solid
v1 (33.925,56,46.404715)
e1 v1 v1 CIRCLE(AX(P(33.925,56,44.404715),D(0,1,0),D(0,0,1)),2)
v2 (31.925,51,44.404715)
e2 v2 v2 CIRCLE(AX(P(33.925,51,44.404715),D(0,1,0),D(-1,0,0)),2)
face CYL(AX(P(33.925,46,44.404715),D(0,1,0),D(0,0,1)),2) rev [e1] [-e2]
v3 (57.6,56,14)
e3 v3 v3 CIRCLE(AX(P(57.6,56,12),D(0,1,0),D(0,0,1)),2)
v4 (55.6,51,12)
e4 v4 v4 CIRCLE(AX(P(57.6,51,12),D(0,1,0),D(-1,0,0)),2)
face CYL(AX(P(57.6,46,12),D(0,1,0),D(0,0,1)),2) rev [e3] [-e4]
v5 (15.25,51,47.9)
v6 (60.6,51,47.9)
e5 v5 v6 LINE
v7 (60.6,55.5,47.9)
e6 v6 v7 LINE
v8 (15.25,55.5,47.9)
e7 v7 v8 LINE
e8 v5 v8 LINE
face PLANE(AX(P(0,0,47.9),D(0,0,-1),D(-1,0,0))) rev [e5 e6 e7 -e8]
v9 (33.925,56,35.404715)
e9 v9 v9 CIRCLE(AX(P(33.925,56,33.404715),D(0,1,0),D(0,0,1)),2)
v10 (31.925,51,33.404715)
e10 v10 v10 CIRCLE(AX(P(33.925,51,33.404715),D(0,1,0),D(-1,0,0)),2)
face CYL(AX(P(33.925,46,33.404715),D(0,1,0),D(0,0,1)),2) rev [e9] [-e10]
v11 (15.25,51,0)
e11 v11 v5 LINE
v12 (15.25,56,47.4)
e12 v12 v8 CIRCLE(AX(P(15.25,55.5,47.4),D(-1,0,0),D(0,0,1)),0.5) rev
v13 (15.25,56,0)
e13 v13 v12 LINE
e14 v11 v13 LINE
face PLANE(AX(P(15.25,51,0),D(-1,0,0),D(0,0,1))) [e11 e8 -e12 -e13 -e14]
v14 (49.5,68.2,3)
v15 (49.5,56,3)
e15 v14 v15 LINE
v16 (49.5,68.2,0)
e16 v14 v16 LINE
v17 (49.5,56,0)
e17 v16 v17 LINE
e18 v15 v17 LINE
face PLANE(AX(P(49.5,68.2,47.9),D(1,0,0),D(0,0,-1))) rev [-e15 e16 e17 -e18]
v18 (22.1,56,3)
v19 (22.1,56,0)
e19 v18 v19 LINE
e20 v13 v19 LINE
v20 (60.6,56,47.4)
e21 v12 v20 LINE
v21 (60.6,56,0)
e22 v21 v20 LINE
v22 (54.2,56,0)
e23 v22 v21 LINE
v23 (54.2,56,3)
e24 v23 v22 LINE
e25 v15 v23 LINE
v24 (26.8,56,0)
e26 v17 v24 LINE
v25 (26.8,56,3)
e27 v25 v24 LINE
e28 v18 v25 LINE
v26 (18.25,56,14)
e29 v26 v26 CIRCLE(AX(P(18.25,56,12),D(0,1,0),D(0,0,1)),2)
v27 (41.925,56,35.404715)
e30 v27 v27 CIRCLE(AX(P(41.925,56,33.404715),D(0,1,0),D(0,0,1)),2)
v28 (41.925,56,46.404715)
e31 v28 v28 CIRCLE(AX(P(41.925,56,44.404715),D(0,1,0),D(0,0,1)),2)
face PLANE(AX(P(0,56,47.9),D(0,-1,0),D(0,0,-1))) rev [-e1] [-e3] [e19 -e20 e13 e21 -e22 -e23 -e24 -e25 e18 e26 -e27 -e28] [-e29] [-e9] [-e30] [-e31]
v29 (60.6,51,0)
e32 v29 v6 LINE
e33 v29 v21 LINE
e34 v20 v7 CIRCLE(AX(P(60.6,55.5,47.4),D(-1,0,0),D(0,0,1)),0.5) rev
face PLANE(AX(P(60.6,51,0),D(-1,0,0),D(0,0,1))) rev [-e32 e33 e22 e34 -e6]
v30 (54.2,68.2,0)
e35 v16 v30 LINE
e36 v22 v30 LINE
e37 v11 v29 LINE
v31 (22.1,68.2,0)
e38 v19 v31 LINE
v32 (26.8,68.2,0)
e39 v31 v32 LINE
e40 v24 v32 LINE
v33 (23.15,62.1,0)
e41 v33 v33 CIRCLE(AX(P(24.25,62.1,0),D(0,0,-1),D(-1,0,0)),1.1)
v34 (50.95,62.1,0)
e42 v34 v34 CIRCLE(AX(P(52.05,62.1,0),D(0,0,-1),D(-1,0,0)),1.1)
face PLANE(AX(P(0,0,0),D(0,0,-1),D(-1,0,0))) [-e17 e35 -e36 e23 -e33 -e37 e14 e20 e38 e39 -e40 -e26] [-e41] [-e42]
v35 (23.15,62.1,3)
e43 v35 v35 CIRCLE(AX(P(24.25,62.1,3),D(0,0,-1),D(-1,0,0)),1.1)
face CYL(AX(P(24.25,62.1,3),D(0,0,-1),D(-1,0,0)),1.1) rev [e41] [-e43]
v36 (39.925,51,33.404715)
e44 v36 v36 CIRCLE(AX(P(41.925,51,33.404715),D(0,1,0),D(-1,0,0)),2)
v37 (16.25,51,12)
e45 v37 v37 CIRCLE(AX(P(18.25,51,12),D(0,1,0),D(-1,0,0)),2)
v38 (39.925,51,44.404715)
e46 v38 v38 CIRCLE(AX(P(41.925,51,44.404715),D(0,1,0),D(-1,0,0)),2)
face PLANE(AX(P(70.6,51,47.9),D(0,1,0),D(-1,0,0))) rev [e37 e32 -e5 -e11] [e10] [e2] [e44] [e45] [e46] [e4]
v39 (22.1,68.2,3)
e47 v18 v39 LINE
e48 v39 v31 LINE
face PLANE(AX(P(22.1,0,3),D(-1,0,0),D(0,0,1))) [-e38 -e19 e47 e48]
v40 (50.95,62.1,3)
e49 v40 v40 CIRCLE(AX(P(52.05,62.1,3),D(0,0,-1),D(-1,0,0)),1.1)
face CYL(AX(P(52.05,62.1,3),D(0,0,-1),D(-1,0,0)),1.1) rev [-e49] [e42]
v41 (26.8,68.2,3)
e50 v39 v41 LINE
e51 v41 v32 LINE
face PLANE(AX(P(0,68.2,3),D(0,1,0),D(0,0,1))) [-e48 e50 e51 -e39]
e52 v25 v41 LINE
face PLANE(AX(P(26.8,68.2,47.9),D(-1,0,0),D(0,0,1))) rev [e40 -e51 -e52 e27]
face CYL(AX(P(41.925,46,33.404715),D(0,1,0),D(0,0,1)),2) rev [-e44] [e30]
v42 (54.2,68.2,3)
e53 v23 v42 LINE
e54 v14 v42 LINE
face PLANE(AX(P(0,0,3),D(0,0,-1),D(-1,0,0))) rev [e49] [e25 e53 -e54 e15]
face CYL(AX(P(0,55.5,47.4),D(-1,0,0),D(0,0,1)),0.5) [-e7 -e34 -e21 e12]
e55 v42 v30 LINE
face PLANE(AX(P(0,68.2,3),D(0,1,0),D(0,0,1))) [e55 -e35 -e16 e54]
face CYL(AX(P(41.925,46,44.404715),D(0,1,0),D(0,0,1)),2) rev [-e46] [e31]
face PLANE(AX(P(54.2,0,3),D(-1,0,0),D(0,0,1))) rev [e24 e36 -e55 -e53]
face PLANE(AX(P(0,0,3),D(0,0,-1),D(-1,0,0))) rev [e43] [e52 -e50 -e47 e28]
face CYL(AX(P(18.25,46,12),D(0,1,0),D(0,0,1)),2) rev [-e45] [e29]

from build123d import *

# Parameters (mm, degrees)
BOSS_EXTRUDE1_DEPTH = 47.9
SKETCH4_W           = 91.495453484
SKETCH4_H           = 57.017695921
CUT_EXTRUDE3_DEPTH  = 20
BOSS_EXTRUDE2_DEPTH = 3
FILLET1_R           = 0.5
SKETCH7_W           = 5
SKETCH7_H           = 47.9
CUT_EXTRUDE4_DEPTH  = 31
SKETCH8_W           = 14.75
SKETCH8_H           = 46.9
SKETCH8_W_2         = 14.5
CUT_EXTRUDE6_DEPTH  = 90.636878571
SKETCH9_W           = 45.35
SKETCH9_H           = 26.396021741
CUT_EXTRUDE7_DEPTH  = 3
BOSS_EXTRUDE3_DEPTH = 3
SKETCH12_W          = 22.7
SKETCH12_H          = 12.2
CUT_EXTRUDE8_DEPTH  = 104.043728582
SKETCH13_W          = 45.35
SKETCH13_H          = 5
BOSS_EXTRUDE4_DEPTH = 3
SKETCH16_R          = 2
CUT_EXTRUDE9_DEPTH  = 10
SKETCH18_R          = 2
CUT_EXTRUDE10_DEPTH = 10


with BuildPart() as part:
    # Sketch1 → Boss-Extrude1 (new body)
    with BuildSketch(Plane.XY):
        Polygon((0, 0), (0, 56), (75.6, 56), (75.6, 0), (70.6, 0), (70.6, 51), (5, 51), (5, 0), align=None)
    extrude(amount=BOSS_EXTRUDE1_DEPTH)

    # Sketch4 → Cut-Extrude3 (cut)
    with BuildSketch(Plane.XZ):
        with Locations((38.801775038, 24.20044376)):
            Rectangle(SKETCH4_W, SKETCH4_H)
    extrude(amount=-CUT_EXTRUDE3_DEPTH, mode=Mode.SUBTRACT)

    # Sketch6 → Boss-Extrude2 (add)
    with BuildSketch(Plane(origin=(0, 56, 0), x_dir=(1, 0, 0), z_dir=(0, 1, 0))):
        Polygon((26.9, -4.3), (26.9, 0), (24.9, 0), (24.9, -2.3), (20.1, -2.3), (20.1, -8.8), (24.9, -8.8), (24.9, -24.5), (51.4, -24.5), (51.4, -8.8), (56.2, -8.8), (56.2, -2.3), (51.4, -2.3), (51.4, 0), (49.4, 0), (49.4, -4.3), (54.2, -4.3), (54.2, -6.8), (49.4, -6.8), (49.4, -22.5), (26.9, -22.5), (26.9, -6.8), (22.1, -6.8), (22.1, -4.3), align=None)
    extrude(amount=BOSS_EXTRUDE2_DEPTH)

    # Fillet1
    fillet1_edges = [part.edges().sort_by_distance(p)[0] for p in [
        (0, 56, 23.95),
        (75.6, 56, 23.95),
        (37.8, 56, 47.9),
        (12.45, 56, 0),
        (24.9, 57.5, 0),
        (51.4, 57.5, 0),
        (24.9, 56, 1.15),
        (51.4, 56, 1.15),
        (53.8, 56, 2.3),
        (56.2, 56, 5.55),
        (53.8, 56, 8.8),
        (51.4, 56, 16.65),
        (38.15, 56, 24.5),
        (24.9, 56, 16.65),
        (22.5, 56, 8.8),
        (20.1, 56, 5.55),
        (22.5, 56, 2.3),
        (63.5, 56, 0),
    ]]
    fillet(fillet1_edges, radius=FILLET1_R)

    # Sketch7 → Cut-Extrude4 (cut)
    with BuildSketch(Plane.XZ.offset(-20)):
        with Locations((2.5, 23.95)):
            Rectangle(SKETCH7_W, SKETCH7_H)
        with Locations((73.1, 23.95)):
            Rectangle(SKETCH7_W, SKETCH7_H)
    extrude(amount=-CUT_EXTRUDE4_DEPTH, mode=Mode.SUBTRACT)

    # Sketch8 → Cut-Extrude6 (cut, through all)
    with BuildSketch(Plane(origin=(0, 56, 0), x_dir=(1, 0, 0), z_dir=(0, 1, 0))):
        with Locations((7.875, -23.95)):
            Rectangle(SKETCH8_W, SKETCH8_H)
        Polygon((0.25, -47.65), (0.25, 0), (0, 0), (0, -47.9), (15.25, -47.9), (15.25, -47.65), align=None)
        Polygon((15.25, -0.5), (15.25, 0), (0.25, 0), (0.25, -47.65), (15.25, -47.65), (15.25, -47.4), (0.5, -47.4), (0.5, -0.5), align=None)
        with Locations((67.85, -23.95)):
            Rectangle(SKETCH8_W_2, SKETCH8_H)
        Polygon((75.1, -47.4), (60.6, -47.4), (60.6, -47.9), (75.6, -47.9), (75.6, 0), (60.6, 0), (60.6, -0.5), (75.1, -0.5), align=None)
    extrude(amount=-CUT_EXTRUDE6_DEPTH, mode=Mode.SUBTRACT)

    # Sketch9 → Cut-Extrude7 (cut)
    with BuildSketch(Plane(origin=(0, 59, 0), x_dir=(1, 0, 0), z_dir=(0, 1, 0))):
        with Locations((37.925, -13.198010871)):
            Rectangle(SKETCH9_W, SKETCH9_H)
    extrude(amount=-CUT_EXTRUDE7_DEPTH, mode=Mode.SUBTRACT)

    # Sketch11 → Boss-Extrude3 (add)
    with BuildSketch(Plane(origin=(0, 0, 0), x_dir=(-1, 0, 0), z_dir=(0, 0, -1))):
        with BuildLine():
            Line((-50.95, 62.1), (-38.15, 62.1))
            Line((-38.15, 62.1), (-38.15, 68.2))
            Line((-38.15, 68.2), (-54.2, 68.2))
            Line((-54.2, 68.2), (-54.2, 62.1))
            Line((-54.2, 62.1), (-53.15, 62.1))
            ThreePointArc((-53.15, 62.1), (-52.05, 63.2), (-50.95, 62.1))
        make_face()
        with BuildLine():
            Line((-51.033974596, 56), (-38.15, 56))
            Line((-38.15, 56), (-38.15, 62.1))
            Line((-38.15, 62.1), (-50.95, 62.1))
            ThreePointArc((-50.95, 62.1), (-52.05, 61), (-53.15, 62.1))
            Line((-53.15, 62.1), (-54.2, 62.1))
            Line((-54.2, 62.1), (-54.2, 56))
            Line((-54.2, 56), (-51.033974596, 56))
        make_face()
        with BuildLine():
            Line((-38.15, 68.2), (-38.15, 62.1))
            Line((-38.15, 62.1), (-25.35, 62.1))
            ThreePointArc((-25.35, 62.1), (-24.25, 63.2), (-23.15, 62.1))
            Line((-23.15, 62.1), (-22.1, 62.1))
            Line((-22.1, 62.1), (-22.1, 68.2))
            Line((-22.1, 68.2), (-38.15, 68.2))
        make_face()
        with BuildLine():
            Line((-38.15, 62.1), (-38.15, 56))
            Line((-38.15, 56), (-25.266025404, 56))
            Line((-25.266025404, 56), (-22.1, 56))
            Line((-22.1, 56), (-22.1, 62.1))
            Line((-22.1, 62.1), (-23.15, 62.1))
            ThreePointArc((-23.15, 62.1), (-24.25, 61), (-25.35, 62.1))
            Line((-25.35, 62.1), (-38.15, 62.1))
        make_face()
    extrude(amount=-BOSS_EXTRUDE3_DEPTH)

    # Sketch12 → Cut-Extrude8 (cut, through all)
    with BuildSketch(Plane(origin=(0, 0, 0), x_dir=(-1, 0, 0), z_dir=(0, 0, -1))):
        with Locations((-38.15, 62.1)):
            Rectangle(SKETCH12_W, SKETCH12_H)
    extrude(amount=-CUT_EXTRUDE8_DEPTH, mode=Mode.SUBTRACT)

    # Sketch13 → Boss-Extrude4 (add)
    with BuildSketch(Plane(origin=(0, 0, 0), x_dir=(-1, 0, 0), z_dir=(0, 0, -1))):
        with Locations((-37.925, 53.5)):
            Rectangle(SKETCH13_W, SKETCH13_H)
    extrude(amount=-BOSS_EXTRUDE4_DEPTH)

    # Sketch16 → Cut-Extrude9 (cut)
    with BuildSketch(Plane(origin=(0, 56, 0), x_dir=(1, 0, 0), z_dir=(0, 1, 0))):
        with Locations(Location((33.925, -33.404714852, 0), (0, 0, 270))):
            Circle(SKETCH16_R)
        with Locations(Location((41.925, -33.404714852, 0), (0, 0, 270))):
            Circle(SKETCH16_R)
        with Locations(Location((41.925, -44.404714852, 0), (0, 0, 270))):
            Circle(SKETCH16_R)
        with Locations(Location((33.925, -44.404714852, 0), (0, 0, 270))):
            Circle(SKETCH16_R)
    extrude(amount=-CUT_EXTRUDE9_DEPTH, mode=Mode.SUBTRACT)

    # Sketch18 → Cut-Extrude10 (cut)
    with BuildSketch(Plane(origin=(0, 56, 0), x_dir=(1, 0, 0), z_dir=(0, 1, 0))):
        with Locations(Location((18.25, -12, 0), (0, 0, 270))):
            Circle(SKETCH18_R)
        with Locations(Location((57.6, -12, 0), (0, 0, 270))):
            Circle(SKETCH18_R)
    extrude(amount=-CUT_EXTRUDE10_DEPTH, mode=Mode.SUBTRACT)


solid = part.part
